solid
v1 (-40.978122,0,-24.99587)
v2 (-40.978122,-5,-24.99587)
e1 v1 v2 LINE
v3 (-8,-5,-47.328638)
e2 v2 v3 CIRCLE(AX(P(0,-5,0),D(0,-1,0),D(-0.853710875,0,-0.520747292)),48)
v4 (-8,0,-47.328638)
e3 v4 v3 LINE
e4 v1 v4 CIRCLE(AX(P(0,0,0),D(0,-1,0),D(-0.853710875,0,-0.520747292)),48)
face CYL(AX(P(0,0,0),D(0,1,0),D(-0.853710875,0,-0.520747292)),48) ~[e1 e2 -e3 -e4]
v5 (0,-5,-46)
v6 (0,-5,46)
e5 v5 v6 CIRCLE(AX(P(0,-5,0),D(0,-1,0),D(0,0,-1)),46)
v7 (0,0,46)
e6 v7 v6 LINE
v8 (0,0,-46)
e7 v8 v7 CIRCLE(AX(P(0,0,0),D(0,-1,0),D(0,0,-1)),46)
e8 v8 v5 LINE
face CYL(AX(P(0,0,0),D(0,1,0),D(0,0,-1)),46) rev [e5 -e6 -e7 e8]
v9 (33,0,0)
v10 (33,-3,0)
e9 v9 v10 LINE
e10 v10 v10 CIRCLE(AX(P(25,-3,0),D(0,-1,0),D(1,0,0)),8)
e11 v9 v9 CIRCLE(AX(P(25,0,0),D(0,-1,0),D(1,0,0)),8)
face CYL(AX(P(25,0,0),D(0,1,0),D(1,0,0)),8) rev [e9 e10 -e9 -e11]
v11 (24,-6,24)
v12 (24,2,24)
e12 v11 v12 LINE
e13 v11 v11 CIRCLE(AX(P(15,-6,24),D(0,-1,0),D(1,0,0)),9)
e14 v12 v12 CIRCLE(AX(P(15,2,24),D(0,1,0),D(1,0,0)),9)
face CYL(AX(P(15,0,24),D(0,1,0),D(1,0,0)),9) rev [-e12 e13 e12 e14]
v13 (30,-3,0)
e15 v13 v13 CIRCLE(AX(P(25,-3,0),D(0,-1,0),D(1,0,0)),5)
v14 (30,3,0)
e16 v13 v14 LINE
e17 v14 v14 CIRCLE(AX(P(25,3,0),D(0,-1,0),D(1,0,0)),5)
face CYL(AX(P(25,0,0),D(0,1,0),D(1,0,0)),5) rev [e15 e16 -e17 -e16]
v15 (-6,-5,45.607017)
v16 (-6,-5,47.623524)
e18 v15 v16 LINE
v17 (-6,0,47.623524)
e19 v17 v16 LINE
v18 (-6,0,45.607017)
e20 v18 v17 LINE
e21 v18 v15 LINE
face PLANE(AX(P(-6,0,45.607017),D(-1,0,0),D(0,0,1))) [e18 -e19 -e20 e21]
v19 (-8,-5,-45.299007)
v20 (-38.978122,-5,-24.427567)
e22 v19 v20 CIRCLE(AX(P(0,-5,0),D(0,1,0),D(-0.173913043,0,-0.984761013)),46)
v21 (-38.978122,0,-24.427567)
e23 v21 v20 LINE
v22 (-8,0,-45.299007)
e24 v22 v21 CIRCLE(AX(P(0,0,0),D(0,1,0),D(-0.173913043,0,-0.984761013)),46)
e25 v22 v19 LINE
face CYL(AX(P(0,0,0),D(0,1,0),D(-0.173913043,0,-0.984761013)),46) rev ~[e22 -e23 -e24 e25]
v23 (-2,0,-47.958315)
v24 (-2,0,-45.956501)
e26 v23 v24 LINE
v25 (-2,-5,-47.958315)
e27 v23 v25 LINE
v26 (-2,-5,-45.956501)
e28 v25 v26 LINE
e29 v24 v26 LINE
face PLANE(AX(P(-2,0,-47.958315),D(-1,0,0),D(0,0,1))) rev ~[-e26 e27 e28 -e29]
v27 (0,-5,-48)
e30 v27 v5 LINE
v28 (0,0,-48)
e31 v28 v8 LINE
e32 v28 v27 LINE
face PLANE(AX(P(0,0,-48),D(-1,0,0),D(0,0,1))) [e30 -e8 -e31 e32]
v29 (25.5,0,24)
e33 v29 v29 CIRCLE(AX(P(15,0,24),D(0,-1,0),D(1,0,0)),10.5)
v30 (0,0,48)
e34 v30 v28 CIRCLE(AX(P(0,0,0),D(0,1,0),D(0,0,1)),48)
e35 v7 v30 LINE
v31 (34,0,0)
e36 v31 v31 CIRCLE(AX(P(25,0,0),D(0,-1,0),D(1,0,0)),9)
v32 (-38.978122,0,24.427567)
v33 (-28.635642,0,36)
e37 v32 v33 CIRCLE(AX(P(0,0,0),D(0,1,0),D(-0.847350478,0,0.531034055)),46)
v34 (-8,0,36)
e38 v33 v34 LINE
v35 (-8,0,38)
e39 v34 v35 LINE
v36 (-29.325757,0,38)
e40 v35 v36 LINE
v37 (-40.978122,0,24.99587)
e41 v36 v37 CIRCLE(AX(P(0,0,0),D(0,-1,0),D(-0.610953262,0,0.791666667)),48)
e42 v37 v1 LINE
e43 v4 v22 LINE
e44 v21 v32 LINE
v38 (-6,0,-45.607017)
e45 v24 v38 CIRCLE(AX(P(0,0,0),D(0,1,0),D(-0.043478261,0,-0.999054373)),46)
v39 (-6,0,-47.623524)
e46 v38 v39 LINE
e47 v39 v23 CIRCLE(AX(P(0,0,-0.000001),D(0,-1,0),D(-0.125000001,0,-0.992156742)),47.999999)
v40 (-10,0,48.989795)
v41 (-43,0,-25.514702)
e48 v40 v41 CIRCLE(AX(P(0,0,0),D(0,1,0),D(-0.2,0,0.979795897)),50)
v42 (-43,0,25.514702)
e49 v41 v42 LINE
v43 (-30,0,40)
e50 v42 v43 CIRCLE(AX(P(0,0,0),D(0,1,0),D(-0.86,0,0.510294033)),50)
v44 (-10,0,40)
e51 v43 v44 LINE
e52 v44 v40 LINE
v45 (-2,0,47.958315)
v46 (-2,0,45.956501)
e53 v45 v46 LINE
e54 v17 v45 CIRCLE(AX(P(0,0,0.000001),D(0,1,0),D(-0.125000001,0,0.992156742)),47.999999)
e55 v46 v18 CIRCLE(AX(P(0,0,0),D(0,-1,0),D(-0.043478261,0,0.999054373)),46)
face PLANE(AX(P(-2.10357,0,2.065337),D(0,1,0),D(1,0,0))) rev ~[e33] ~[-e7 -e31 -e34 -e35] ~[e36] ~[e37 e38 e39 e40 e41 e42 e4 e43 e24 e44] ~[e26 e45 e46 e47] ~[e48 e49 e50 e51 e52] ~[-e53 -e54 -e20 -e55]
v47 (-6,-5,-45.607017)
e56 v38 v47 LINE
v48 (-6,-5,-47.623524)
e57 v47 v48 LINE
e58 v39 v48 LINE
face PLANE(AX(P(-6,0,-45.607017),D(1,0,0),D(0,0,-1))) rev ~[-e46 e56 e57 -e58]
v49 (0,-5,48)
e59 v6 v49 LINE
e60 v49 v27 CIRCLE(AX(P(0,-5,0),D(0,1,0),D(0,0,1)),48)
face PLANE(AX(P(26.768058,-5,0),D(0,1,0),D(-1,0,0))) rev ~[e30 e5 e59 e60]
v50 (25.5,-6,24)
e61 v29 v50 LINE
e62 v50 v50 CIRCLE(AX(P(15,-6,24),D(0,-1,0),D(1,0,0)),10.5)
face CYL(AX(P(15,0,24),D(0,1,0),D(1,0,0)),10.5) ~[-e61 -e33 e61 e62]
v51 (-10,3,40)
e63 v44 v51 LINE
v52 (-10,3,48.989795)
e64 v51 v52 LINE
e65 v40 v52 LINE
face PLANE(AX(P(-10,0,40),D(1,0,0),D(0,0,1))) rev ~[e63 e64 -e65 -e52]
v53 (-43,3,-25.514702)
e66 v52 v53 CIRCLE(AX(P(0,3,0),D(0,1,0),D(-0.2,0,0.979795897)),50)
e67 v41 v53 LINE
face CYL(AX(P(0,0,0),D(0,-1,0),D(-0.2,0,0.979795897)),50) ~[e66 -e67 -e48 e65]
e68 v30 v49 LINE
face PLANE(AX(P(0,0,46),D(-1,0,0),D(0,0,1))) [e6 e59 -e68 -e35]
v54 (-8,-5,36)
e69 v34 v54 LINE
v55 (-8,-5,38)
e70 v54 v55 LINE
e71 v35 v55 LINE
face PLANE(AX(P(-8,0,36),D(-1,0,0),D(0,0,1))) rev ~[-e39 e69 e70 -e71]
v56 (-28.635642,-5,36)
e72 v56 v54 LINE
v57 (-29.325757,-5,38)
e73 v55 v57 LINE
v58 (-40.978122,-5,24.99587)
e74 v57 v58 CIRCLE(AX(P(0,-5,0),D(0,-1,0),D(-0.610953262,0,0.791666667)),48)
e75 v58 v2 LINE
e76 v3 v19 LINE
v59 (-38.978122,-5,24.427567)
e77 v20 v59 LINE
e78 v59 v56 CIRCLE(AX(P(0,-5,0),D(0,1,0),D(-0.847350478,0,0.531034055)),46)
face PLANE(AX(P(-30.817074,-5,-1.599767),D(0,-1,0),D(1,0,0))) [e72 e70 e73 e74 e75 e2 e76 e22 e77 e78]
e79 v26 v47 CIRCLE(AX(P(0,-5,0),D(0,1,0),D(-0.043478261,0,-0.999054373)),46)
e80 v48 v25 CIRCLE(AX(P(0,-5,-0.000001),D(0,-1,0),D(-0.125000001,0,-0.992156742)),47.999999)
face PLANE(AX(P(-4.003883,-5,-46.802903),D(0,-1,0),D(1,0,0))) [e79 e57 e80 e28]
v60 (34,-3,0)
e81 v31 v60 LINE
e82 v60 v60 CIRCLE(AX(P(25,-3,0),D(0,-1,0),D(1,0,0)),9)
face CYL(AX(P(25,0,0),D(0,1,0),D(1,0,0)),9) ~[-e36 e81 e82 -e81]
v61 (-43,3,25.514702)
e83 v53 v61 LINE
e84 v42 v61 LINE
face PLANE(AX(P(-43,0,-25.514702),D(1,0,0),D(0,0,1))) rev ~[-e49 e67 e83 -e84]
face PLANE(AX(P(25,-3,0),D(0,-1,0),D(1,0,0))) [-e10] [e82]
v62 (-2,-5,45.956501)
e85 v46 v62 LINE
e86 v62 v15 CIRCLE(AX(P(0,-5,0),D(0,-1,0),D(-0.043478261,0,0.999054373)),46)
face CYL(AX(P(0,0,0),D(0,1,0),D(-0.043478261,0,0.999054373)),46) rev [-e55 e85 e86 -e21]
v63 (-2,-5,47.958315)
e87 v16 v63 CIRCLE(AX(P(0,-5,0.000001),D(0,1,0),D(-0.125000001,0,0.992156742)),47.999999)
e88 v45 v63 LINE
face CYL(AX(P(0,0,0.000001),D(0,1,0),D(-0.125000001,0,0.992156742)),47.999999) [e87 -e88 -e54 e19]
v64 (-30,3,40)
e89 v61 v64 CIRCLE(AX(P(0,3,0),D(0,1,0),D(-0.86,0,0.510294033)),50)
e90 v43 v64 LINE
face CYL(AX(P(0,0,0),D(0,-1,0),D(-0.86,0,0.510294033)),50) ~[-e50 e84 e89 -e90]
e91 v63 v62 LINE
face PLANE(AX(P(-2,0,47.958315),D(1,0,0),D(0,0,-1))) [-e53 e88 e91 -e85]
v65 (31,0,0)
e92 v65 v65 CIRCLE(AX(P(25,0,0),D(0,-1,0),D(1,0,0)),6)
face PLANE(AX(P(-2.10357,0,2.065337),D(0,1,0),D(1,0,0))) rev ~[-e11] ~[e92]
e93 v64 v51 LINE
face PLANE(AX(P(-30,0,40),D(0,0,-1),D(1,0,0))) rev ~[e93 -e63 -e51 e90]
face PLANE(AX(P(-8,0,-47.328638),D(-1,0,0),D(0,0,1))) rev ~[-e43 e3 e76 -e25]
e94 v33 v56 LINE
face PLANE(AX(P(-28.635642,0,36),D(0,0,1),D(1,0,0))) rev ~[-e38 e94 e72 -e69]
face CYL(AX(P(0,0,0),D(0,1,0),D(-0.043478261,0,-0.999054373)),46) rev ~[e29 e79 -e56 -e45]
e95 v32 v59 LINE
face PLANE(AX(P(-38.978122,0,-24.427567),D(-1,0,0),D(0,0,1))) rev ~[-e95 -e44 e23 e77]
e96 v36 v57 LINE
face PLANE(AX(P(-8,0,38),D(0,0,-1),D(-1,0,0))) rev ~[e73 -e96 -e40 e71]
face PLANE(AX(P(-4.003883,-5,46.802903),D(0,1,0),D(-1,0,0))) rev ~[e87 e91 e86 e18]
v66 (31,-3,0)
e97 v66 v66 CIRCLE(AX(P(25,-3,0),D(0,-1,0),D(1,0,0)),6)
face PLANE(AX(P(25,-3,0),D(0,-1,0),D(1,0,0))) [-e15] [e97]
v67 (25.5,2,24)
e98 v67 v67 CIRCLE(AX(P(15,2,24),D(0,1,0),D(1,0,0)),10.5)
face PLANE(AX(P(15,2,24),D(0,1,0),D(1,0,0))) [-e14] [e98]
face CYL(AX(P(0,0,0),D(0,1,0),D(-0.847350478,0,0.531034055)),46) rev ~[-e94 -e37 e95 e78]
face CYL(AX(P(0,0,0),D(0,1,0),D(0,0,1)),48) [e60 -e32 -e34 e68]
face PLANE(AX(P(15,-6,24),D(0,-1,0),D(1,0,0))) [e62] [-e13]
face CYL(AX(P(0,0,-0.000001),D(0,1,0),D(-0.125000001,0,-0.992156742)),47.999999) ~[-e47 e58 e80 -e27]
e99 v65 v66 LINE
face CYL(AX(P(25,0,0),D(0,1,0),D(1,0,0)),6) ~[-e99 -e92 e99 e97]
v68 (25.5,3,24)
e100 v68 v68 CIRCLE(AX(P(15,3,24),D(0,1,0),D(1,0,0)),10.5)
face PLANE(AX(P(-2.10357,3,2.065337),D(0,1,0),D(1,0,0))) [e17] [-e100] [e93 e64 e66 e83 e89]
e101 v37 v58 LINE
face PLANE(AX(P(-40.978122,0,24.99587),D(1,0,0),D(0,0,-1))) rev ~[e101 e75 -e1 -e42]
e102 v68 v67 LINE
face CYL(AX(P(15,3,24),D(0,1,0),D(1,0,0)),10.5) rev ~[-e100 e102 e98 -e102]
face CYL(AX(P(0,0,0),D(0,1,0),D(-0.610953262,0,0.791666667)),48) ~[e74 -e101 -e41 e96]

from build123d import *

# Parameters (mm, degrees)
BOSS_EXTRUDE1_DEPTH = 3
BOSS_EXTRUDE2_DEPTH = 5
SKETCH3_R           = 5
SKETCH3_R_2         = 9
CUT_EXTRUDE1_DEPTH  = 3
SKETCH4_R           = 9
SKETCH4_R_2         = 8
BOSS_EXTRUDE3_DEPTH = 3
BOSS_EXTRUDE4_START = 3
SKETCH4_3_R         = 6
SKETCH4_3_R_2       = 5
BOSS_EXTRUDE4_DEPTH = 3
BOSS_EXTRUDE5_START = 6
SKETCH6_R           = 10.5
SKETCH6_R_2         = 9
BOSS_EXTRUDE5_DEPTH = 6
CUT_EXTRUDE2_START  = -1
SKETCH7_R           = 10.5
SKETCH7_R_2         = 9
CUT_EXTRUDE2_DEPTH  = 1


with BuildPart() as part:
    # Sketch1 → Boss-Extrude1 (new body)
    with BuildSketch(Plane(origin=(0, 0, 0), x_dir=(1, 0, 0), z_dir=(0, 1, 0))):
        with BuildLine():
            Line((-43, 25.514701644), (-43, -25.514701644))
            ThreePointArc((-43, -25.514701644), (-37.211637523, -33.396018219), (-30, -40))
            Line((-30, -40), (-10, -40))
            Line((-10, -40), (-10, -48.989794856))
            ThreePointArc((-10, -48.989794856), (45.716299059, 20.248950598), (-43, 25.514701644))
        make_face()
    extrude(amount=BOSS_EXTRUDE1_DEPTH)

    # Sketch2 → Boss-Extrude2 (add)
    with BuildSketch(Plane.XZ):
        with BuildLine():
            Line((-40.978122, 24.995870006), (-40.978122, -24.995870006))
            ThreePointArc((-40.978122, -24.995870006), (-26.914721681, -39.744153744), (-8, -47.328638265))
            Line((-8, -47.328638265), (-8, -45.299006612))
            ThreePointArc((-8, -45.299006612), (-25.702922785, -38.149177715), (-38.978122, -24.427566505))
            Line((-38.978122, -24.427566505), (-38.978122, 24.427566505))
            ThreePointArc((-38.978122, 24.427566505), (-34.298477795, 30.653130687), (-28.635642127, 36))
            Line((-28.635642127, 36), (-8, 36))
            Line((-8, 36), (-8, 38))
            Line((-8, 38), (-29.325756597, 38))
            ThreePointArc((-29.325756597, 38), (-35.748226329, 32.032238672), (-40.978122, 24.995870006))
        make_face()
        with BuildLine():
            Line((-6, 45.607017004), (-6, 47.623523599))
            ThreePointArc((-6, 47.623523599), (-4.003501138, 47.832750064), (-2, 47.958315233))
            Line((-2, 47.958315233), (-2, 45.956501172))
            ThreePointArc((-2, 45.956501172), (-4.00381503, 45.825423786), (-6, 45.607017004))
        make_face()
        with BuildLine():
            Line((-6, -45.607017004), (-6, -47.623523599))
            ThreePointArc((-6, -47.623523599), (-4.003501138, -47.832750064), (-2, -47.958315233))
            Line((-2, -47.958315233), (-2, -45.956501172))
            ThreePointArc((-2, -45.956501172), (-4.00381503, -45.825423786), (-6, -45.607017004))
        make_face()
        with BuildLine():
            Line((0, 46), (0, 48))
            ThreePointArc((0, 48), (48, 0), (0, -48))
            Line((0, -48), (0, -46))
            ThreePointArc((0, -46), (46, 0), (0, 46))
        make_face()
    extrude(amount=BOSS_EXTRUDE2_DEPTH)

    # Sketch3 → Cut-Extrude1 (cut)
    with BuildSketch(Plane.XZ):
        with Locations((25, 0)):
            Circle(SKETCH3_R)
        with Locations((15, 24)):
            Circle(SKETCH3_R_2)
    extrude(amount=-CUT_EXTRUDE1_DEPTH, mode=Mode.SUBTRACT)

    # Sketch4 → Boss-Extrude3 (add)
    with BuildSketch(Plane.XZ):
        with Locations((25, 0)):
            Circle(SKETCH4_R)
        with Locations((25, 0)):
            Circle(SKETCH4_R_2, mode=Mode.SUBTRACT)
    extrude(amount=BOSS_EXTRUDE3_DEPTH)

    # Sketch4<3> → Boss-Extrude4 (add)
    with BuildSketch(Plane.XZ.offset(BOSS_EXTRUDE4_START)):
        with Locations((25, 0)):
            Circle(SKETCH4_3_R)
        with Locations((25, 0)):
            Circle(SKETCH4_3_R_2, mode=Mode.SUBTRACT)
    extrude(amount=-BOSS_EXTRUDE4_DEPTH)

    # Sketch6 → Boss-Extrude5 (add)
    with BuildSketch(Plane.XZ.offset(BOSS_EXTRUDE5_START)):
        with Locations((15, 24)):
            Circle(SKETCH6_R)
        with Locations((15, 24)):
            Circle(SKETCH6_R_2, mode=Mode.SUBTRACT)
    extrude(amount=-BOSS_EXTRUDE5_DEPTH)

    # Sketch7 → Cut-Extrude2 (cut)
    with BuildSketch(Plane(origin=(0, 3, 0), x_dir=(1, 0, 0), z_dir=(0, 1, 0)).offset(CUT_EXTRUDE2_START)):
        with Locations((15, -24)):
            Circle(SKETCH7_R)
        with Locations((15, -24)):
            Circle(SKETCH7_R_2, mode=Mode.SUBTRACT)
    extrude(amount=CUT_EXTRUDE2_DEPTH, mode=Mode.SUBTRACT)


solid = part.part
